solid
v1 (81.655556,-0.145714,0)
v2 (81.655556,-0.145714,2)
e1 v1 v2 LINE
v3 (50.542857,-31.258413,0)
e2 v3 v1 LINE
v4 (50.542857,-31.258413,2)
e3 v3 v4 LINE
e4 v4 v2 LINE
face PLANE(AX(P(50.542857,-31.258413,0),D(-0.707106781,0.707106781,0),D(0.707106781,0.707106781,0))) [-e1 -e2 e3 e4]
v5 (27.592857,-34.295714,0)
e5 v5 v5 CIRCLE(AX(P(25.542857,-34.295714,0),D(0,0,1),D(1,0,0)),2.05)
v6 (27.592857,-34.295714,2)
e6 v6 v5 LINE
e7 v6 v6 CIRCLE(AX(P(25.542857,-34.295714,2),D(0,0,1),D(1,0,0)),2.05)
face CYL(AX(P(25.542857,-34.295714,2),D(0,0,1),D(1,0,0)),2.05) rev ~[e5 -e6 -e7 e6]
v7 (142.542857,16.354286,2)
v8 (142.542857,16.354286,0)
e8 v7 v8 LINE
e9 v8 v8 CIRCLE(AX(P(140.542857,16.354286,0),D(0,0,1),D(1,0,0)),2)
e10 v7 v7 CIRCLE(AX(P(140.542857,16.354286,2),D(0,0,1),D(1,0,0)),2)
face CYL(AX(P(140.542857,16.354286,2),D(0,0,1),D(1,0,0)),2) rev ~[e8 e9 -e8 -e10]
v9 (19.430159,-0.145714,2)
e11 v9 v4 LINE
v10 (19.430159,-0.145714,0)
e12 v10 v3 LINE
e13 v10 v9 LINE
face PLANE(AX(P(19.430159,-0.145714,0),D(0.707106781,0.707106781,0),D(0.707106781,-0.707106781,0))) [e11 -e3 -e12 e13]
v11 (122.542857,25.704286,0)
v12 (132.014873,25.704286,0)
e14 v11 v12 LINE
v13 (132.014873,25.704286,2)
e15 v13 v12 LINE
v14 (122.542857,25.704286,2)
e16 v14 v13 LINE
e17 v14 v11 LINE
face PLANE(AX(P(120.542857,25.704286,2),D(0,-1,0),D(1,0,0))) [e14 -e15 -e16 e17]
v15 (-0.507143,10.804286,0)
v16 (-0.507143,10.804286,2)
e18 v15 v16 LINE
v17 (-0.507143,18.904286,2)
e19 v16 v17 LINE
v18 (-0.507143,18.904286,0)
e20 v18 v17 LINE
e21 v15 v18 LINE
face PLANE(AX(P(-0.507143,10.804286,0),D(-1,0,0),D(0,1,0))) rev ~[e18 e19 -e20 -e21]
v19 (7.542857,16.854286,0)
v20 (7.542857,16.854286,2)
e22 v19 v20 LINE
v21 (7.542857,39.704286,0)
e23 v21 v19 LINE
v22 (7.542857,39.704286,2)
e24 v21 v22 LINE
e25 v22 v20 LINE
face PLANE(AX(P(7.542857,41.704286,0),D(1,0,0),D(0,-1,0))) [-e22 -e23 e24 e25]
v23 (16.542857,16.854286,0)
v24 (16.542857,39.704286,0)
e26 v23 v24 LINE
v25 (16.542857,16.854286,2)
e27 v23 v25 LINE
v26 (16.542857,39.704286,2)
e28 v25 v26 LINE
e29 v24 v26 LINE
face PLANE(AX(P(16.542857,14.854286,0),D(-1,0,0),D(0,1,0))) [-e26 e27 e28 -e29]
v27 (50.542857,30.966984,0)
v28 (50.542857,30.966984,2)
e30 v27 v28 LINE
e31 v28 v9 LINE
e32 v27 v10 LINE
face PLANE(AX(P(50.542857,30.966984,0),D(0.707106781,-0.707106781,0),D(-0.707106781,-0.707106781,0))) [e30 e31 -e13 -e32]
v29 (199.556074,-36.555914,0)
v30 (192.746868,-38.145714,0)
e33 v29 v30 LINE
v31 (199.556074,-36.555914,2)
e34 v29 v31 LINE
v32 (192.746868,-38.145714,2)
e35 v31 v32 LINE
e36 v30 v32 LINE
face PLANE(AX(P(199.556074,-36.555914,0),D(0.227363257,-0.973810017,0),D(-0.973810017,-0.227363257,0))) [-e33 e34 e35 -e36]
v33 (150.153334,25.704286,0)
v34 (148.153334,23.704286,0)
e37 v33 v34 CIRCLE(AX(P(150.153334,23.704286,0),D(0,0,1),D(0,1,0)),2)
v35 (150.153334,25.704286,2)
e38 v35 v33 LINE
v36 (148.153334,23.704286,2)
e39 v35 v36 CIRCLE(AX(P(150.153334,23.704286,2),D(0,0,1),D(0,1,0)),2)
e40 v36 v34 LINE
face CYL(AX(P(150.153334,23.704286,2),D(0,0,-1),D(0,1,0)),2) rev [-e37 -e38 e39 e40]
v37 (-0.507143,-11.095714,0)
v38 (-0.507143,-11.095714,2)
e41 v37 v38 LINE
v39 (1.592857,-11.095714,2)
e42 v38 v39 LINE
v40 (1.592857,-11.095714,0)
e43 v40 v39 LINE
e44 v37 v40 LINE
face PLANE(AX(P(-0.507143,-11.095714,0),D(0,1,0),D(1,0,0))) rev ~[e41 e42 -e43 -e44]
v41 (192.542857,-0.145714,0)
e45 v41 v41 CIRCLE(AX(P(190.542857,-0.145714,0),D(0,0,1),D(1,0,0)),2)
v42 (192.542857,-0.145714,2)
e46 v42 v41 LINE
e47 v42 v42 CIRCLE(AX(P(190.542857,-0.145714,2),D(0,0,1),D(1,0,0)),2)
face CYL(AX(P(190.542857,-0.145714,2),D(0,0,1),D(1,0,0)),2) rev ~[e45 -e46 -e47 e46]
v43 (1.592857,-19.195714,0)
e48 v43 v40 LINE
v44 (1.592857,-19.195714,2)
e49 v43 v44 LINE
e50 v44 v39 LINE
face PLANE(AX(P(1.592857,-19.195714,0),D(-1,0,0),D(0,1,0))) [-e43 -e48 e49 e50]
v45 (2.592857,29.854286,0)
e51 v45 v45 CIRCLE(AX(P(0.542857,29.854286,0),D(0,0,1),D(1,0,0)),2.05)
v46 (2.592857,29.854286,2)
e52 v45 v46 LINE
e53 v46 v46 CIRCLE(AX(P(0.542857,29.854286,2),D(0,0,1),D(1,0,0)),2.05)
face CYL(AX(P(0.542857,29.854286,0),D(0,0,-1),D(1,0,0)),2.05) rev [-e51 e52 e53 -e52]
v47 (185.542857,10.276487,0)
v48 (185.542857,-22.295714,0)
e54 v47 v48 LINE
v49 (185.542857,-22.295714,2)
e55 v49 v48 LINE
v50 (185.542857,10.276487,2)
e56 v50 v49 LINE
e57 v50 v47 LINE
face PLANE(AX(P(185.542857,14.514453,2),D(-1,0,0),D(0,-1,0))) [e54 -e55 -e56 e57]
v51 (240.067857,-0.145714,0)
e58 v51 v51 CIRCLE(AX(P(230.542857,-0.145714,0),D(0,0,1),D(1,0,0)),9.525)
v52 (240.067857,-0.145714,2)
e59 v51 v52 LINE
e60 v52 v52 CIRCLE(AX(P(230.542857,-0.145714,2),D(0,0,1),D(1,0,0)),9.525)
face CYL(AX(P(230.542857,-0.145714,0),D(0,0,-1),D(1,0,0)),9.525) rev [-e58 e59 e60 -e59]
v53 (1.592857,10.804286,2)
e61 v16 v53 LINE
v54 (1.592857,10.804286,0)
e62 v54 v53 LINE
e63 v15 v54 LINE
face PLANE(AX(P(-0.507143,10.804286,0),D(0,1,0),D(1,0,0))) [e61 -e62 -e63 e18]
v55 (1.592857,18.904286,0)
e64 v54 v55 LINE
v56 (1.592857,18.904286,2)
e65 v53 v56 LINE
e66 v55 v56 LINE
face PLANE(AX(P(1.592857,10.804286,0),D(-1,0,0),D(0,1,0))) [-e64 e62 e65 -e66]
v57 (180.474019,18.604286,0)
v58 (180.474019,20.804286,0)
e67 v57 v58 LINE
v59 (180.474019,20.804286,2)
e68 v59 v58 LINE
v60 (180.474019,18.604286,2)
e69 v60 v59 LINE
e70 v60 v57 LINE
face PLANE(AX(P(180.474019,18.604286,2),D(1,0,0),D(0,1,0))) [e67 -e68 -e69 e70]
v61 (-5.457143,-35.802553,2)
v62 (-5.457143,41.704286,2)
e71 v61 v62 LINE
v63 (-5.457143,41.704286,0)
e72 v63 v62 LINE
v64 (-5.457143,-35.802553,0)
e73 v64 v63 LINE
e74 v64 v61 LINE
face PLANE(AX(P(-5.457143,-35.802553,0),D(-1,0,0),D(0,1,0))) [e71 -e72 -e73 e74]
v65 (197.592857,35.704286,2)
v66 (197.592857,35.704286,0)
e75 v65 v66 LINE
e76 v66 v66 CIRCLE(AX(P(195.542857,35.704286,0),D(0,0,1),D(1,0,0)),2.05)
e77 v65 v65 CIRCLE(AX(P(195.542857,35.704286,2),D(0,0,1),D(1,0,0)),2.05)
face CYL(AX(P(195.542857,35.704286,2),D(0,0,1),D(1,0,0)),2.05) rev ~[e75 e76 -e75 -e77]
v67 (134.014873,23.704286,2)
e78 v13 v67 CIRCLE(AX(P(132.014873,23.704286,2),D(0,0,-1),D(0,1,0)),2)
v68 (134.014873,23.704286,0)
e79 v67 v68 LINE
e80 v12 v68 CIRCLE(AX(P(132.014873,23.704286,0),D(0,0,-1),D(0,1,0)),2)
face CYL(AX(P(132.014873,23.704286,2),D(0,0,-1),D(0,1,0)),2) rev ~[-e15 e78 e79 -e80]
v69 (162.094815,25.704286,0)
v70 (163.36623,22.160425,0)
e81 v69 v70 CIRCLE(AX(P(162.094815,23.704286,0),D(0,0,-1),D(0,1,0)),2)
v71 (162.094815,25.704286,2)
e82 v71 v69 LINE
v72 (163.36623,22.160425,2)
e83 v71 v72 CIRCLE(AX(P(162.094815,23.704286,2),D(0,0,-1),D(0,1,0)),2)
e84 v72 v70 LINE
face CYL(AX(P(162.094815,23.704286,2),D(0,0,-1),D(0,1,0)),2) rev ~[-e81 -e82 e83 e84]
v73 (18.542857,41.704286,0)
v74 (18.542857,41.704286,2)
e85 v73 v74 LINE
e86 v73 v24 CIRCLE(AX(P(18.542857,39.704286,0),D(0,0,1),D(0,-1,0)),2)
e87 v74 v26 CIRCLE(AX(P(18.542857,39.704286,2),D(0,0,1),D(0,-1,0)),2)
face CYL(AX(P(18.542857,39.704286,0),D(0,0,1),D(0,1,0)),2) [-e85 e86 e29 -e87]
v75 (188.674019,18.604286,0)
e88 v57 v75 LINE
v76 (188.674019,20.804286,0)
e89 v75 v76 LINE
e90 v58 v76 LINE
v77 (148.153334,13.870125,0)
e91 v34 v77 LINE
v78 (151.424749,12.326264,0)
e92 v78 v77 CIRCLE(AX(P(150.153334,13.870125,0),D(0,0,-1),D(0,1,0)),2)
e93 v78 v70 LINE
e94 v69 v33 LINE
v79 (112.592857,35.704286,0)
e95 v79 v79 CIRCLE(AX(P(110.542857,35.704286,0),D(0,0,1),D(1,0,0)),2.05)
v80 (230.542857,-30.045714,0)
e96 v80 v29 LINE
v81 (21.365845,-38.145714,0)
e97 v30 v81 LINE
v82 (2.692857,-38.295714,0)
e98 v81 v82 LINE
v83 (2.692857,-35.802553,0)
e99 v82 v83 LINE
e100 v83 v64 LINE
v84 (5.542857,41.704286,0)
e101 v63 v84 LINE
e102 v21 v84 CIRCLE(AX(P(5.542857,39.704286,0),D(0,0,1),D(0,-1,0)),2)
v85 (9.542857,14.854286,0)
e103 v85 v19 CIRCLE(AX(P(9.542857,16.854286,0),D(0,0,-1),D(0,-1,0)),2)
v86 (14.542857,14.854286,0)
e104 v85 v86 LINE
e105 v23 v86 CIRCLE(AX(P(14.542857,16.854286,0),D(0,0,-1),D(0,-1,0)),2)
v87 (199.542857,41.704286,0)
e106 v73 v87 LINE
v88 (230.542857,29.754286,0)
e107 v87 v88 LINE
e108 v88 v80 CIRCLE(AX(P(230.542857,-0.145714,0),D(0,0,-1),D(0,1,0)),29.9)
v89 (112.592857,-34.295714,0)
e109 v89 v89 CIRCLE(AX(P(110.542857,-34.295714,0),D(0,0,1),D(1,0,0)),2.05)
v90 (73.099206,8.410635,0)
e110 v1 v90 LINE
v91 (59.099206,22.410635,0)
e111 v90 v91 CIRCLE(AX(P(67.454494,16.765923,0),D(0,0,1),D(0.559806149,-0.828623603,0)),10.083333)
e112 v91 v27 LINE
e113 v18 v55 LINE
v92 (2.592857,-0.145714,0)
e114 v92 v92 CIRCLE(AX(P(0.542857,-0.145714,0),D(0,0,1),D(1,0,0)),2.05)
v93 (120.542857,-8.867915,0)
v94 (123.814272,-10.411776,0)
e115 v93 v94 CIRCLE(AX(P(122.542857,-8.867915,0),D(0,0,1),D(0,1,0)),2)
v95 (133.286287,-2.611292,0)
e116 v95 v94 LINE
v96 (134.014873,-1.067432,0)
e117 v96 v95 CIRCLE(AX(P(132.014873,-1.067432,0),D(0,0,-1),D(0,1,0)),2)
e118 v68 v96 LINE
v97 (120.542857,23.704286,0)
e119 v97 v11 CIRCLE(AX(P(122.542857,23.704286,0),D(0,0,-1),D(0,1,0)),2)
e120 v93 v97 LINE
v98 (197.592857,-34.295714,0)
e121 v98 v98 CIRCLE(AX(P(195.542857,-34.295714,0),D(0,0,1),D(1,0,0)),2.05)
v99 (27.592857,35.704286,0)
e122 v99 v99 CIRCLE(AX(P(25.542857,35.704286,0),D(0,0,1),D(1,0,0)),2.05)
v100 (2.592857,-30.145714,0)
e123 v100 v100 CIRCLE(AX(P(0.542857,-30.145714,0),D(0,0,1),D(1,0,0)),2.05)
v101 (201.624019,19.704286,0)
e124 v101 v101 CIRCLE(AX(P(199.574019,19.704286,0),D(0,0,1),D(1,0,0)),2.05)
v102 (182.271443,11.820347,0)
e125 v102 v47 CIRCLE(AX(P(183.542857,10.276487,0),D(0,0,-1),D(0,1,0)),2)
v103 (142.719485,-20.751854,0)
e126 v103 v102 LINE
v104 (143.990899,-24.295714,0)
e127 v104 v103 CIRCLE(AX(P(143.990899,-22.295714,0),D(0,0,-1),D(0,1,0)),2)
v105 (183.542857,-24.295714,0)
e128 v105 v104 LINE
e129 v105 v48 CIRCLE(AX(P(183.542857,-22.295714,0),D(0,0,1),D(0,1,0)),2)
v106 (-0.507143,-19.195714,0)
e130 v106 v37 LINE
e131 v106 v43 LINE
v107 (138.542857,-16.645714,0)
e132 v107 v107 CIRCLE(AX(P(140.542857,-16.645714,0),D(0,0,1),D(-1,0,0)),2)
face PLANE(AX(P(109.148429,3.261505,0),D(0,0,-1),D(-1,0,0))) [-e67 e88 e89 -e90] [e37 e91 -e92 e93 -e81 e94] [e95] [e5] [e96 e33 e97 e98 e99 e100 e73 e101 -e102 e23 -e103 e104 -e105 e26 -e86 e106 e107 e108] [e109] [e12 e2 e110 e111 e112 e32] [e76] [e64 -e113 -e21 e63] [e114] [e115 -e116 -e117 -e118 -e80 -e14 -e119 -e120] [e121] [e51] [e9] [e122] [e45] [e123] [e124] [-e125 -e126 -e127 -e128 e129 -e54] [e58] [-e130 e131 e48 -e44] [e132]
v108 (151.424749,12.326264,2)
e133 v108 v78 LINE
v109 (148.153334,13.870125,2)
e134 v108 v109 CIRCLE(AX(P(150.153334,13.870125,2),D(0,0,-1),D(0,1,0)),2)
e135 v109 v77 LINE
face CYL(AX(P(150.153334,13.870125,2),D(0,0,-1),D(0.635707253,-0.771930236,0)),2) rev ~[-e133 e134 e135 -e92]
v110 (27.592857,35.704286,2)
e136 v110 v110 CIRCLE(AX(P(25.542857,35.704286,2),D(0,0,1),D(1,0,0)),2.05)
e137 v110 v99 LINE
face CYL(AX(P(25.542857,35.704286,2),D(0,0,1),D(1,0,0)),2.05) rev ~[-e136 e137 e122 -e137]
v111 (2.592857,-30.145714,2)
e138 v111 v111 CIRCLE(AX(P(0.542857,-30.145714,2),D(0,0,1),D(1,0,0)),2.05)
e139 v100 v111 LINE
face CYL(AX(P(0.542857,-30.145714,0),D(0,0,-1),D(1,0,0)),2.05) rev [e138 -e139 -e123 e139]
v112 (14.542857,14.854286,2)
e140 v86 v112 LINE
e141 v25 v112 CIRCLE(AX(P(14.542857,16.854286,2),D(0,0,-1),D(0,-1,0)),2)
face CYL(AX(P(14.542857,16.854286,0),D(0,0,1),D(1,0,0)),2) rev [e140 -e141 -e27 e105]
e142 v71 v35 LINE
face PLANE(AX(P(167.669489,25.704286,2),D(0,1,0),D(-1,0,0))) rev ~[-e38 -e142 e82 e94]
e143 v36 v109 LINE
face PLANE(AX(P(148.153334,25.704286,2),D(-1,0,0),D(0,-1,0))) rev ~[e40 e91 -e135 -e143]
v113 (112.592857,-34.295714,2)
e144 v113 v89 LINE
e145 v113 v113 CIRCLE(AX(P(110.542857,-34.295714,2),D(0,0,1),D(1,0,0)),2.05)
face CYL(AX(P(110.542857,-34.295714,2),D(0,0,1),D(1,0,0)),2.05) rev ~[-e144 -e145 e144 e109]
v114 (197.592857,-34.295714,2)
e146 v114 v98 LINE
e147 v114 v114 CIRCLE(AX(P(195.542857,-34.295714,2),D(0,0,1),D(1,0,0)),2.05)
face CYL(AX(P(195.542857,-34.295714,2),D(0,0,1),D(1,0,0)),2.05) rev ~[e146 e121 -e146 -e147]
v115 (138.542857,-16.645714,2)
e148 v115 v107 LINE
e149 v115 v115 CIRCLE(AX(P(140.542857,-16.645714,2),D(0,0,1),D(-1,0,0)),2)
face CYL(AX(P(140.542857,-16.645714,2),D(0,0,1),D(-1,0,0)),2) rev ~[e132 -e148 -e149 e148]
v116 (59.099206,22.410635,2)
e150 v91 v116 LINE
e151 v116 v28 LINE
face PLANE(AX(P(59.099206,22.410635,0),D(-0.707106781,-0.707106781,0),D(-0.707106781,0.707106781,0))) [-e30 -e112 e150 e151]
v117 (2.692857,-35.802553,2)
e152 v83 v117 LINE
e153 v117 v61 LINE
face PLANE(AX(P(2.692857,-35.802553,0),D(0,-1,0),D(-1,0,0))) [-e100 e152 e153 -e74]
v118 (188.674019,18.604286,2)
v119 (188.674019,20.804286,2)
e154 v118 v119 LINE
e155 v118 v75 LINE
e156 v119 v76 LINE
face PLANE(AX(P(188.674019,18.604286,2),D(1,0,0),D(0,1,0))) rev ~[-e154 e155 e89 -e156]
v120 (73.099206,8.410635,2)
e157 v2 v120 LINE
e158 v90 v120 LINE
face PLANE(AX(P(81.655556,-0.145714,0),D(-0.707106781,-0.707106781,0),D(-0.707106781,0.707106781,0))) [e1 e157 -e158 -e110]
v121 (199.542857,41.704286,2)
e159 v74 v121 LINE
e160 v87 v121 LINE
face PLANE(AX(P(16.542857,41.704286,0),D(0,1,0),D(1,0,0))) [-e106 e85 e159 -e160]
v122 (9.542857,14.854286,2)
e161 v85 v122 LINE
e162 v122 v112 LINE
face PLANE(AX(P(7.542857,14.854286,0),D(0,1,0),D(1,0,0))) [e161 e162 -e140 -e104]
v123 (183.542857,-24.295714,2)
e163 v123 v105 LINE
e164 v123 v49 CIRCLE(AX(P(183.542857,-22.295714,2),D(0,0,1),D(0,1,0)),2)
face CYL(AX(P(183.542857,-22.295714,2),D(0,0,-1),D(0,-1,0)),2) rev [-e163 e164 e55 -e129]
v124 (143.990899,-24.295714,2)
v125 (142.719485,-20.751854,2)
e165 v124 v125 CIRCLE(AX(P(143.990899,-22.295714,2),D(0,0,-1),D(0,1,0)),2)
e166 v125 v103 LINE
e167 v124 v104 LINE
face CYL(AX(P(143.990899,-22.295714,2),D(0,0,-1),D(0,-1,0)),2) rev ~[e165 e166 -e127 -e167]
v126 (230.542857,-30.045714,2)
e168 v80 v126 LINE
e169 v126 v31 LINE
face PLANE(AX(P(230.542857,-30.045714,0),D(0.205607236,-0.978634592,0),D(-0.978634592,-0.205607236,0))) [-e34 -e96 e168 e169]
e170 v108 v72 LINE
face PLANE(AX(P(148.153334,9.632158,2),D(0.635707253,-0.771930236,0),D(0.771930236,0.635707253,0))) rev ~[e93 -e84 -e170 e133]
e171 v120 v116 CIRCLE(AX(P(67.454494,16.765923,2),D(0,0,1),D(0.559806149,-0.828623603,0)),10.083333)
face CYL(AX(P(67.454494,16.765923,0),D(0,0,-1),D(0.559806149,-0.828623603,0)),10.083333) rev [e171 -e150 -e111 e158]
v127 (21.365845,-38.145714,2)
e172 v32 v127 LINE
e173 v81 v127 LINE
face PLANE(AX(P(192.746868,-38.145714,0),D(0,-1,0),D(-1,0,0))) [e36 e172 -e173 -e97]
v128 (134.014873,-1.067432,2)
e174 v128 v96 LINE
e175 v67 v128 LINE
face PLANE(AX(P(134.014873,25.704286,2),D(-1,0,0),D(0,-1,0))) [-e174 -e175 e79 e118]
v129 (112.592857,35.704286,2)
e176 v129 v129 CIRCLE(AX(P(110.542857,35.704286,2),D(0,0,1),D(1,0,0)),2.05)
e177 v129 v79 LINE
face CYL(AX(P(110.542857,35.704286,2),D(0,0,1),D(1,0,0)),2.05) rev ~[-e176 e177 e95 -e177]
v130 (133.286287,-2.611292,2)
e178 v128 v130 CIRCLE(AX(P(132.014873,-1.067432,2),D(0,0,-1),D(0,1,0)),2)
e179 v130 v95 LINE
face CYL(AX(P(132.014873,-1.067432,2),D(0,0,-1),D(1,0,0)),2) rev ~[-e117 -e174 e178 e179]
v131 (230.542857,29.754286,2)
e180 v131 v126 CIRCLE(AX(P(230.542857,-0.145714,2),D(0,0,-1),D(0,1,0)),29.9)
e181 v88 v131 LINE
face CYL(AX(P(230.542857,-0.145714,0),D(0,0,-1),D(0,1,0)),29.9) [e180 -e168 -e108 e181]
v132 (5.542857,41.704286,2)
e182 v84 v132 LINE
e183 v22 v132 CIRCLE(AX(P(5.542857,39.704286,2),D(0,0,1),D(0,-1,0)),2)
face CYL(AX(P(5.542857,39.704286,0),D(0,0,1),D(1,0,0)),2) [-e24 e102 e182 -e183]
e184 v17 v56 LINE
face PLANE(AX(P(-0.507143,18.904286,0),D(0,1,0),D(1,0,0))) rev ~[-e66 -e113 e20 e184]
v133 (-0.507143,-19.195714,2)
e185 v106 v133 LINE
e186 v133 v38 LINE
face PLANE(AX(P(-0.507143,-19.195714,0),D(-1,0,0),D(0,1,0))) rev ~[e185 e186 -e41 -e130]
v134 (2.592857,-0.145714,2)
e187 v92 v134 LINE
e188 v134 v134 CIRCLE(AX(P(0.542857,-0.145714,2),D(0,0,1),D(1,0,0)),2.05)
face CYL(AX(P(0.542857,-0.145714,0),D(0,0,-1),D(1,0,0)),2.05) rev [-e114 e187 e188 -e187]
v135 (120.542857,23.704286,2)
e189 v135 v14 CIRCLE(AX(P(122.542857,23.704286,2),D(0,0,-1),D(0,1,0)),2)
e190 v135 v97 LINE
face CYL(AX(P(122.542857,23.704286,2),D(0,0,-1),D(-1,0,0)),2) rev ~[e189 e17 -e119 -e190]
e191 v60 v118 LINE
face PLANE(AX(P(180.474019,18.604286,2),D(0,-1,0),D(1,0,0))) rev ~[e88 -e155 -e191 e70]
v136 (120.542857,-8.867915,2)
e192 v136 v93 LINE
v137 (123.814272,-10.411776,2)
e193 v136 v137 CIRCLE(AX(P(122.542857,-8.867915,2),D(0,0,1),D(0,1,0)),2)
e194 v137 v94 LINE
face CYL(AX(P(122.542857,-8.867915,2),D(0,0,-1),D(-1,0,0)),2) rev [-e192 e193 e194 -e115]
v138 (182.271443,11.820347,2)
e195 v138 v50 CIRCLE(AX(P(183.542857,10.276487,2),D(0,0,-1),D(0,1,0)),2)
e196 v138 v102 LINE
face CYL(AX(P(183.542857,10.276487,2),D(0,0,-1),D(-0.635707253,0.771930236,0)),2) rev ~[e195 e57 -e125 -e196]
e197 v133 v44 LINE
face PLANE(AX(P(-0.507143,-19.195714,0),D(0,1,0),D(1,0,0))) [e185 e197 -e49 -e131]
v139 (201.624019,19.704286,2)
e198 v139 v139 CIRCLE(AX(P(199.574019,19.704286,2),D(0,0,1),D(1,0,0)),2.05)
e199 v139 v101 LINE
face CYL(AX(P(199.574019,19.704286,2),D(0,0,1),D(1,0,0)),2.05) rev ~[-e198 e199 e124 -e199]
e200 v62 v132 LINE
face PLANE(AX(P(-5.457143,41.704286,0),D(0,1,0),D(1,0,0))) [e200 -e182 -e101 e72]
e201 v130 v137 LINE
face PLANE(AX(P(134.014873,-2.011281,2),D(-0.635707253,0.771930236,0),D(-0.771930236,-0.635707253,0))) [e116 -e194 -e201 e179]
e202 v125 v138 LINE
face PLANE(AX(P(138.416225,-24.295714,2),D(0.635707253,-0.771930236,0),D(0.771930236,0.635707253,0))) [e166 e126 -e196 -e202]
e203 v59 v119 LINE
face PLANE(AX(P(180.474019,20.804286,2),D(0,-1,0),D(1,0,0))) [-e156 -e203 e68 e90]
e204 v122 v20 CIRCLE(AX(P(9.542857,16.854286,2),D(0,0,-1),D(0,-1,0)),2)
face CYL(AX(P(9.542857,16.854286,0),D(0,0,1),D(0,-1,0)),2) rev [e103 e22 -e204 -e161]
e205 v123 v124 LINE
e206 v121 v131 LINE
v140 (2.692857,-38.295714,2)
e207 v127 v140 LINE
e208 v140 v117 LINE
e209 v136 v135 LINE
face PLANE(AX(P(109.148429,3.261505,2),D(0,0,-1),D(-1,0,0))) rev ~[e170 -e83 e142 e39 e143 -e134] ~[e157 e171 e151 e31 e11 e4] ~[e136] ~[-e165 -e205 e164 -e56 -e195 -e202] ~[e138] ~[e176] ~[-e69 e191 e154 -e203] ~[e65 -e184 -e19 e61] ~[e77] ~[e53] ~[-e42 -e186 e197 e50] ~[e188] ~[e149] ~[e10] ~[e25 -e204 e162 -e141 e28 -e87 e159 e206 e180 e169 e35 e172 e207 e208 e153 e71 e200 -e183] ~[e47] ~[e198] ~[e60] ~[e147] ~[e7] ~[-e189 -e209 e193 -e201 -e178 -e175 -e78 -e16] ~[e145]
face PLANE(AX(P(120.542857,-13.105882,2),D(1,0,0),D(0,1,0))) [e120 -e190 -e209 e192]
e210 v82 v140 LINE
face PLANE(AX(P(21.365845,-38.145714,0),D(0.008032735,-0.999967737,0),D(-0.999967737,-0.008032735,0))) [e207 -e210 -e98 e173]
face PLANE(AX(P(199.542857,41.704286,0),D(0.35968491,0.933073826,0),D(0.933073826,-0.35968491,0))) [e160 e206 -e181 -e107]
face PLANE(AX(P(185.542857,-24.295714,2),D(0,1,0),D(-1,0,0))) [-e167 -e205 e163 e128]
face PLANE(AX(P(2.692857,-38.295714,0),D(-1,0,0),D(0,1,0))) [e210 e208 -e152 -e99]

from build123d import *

# Parameters (mm, degrees)
SKETCH_1_R          = 2.05
SKETCH_1_R_2        = 9.525
SKETCH_1_W          = 2.1
SKETCH_1_H          = 8.1
EXTRUDE_1_DEPTH     = 2
FILLET_1_R          = 2
SKETCH_3_R          = 2.05
SKETCH_3_R_2        = 2
SKETCH_3_W          = 8.2
SKETCH_3_H          = 2.2
CUT_EXTRUDE_1_DEPTH = 2
FILLET_2_R          = 2


with BuildPart() as part:
    # 草图1 → 凸台-拉伸1 (new body)
    with BuildSketch(Plane.XY):
        with BuildLine():
            Line((230.542857143, -30.045714286), (199.556073527, -36.55591431))
            Line((199.556073527, -36.55591431), (192.746868021, -38.145714286))
            Line((192.746868021, -38.145714286), (21.365844759, -38.145714286))
            Line((21.365844759, -38.145714286), (2.692857143, -38.295714286))
            Line((2.692857143, -38.295714286), (2.692857143, -35.802553436))
            Line((2.692857143, -35.802553436), (-5.457142857, -35.802553436))
            Line((-5.457142857, -35.802553436), (-5.457142857, 41.704285714))
            Line((-5.457142857, 41.704285714), (7.542857143, 41.704285714))
            Line((7.542857143, 41.704285714), (7.542857143, 14.854285714))
            Line((7.542857143, 14.854285714), (16.542857143, 14.854285714))
            Line((16.542857143, 14.854285714), (16.542857143, 41.704285714))
            Line((16.542857143, 41.704285714), (199.542857143, 41.704285714))
            Line((199.542857143, 41.704285714), (230.542857143, 29.754285714))
            ThreePointArc((230.542857143, 29.754285714), (260.442857143, -0.145714286), (230.542857143, -30.045714286))
        make_face()
        with Locations((0.542857143, 29.854285714)):
            Circle(SKETCH_1_R, mode=Mode.SUBTRACT)
        with Locations((0.542857143, -0.145714286)):
            Circle(SKETCH_1_R, mode=Mode.SUBTRACT)
        with Locations((0.542857143, -30.145714286)):
            Circle(SKETCH_1_R, mode=Mode.SUBTRACT)
        with Locations((230.542857143, -0.145714286)):
            Circle(SKETCH_1_R_2, mode=Mode.SUBTRACT)
        with Locations((0.542857143, 14.854285714)):
            Rectangle(SKETCH_1_W, SKETCH_1_H, mode=Mode.SUBTRACT)
        with BuildLine():
            Line((59.099206329, 22.4106349), (50.542857143, 30.966984086))
            Line((50.542857143, 30.966984086), (19.430158771, -0.145714286))
            Line((19.430158771, -0.145714286), (50.542857143, -31.258412658))
            Line((50.542857143, -31.258412658), (81.655555515, -0.145714286))
            Line((81.655555515, -0.145714286), (73.099206329, 8.4106349))
            ThreePointArc((73.099206329, 8.4106349), (74.584487703, 23.895916275), (59.099206329, 22.4106349))
        make_face(mode=Mode.SUBTRACT)
        with Locations((0.542857143, -15.145714286)):
            Rectangle(SKETCH_1_W, SKETCH_1_H, mode=Mode.SUBTRACT)
    extrude(amount=EXTRUDE_1_DEPTH)

    # 圆角1
    fillet_1_edges = [part.edges().sort_by_distance(p)[0] for p in [
        (7.542857143, 41.704285714, 1),
        (7.542857143, 14.854285714, 1),
        (16.542857143, 14.854285714, 1),
        (16.542857143, 41.704285714, 1),
    ]]
    fillet(fillet_1_edges, radius=FILLET_1_R)

    # 草图3 → 切除-拉伸1 (cut)
    with BuildSketch(Plane.XY.offset(2)):
        with Locations((25.542857143, 35.704285714)):
            Circle(SKETCH_3_R)
        with Locations((110.542857143, 35.704285714)):
            Circle(SKETCH_3_R)
        with Locations((195.542857143, 35.704285714)):
            Circle(SKETCH_3_R)
        with Locations((110.542857143, -34.295714286)):
            Circle(SKETCH_3_R)
        with Locations((195.542857143, -34.295714286)):
            Circle(SKETCH_3_R)
        with Locations((25.542857143, -34.295714286)):
            Circle(SKETCH_3_R)
        with Locations((190.542857143, -0.145714286)):
            Circle(SKETCH_3_R_2)
        with Locations((140.542857143, 16.354285714)):
            Circle(SKETCH_3_R_2)
        with Locations(Location((140.542857143, -16.645714286, 0), (0, 0, 180))):
            Circle(SKETCH_3_R_2)
        with Locations((199.574018739, 19.704285714)):
            Circle(SKETCH_3_R)
        Polygon((148.153334198, 25.704285714), (148.153334198, 9.632158315), (167.669488896, 25.704285714), align=None)
        Polygon((185.542857143, -24.295714286), (138.41622539, -24.295714286), (185.542857143, 14.51445304), align=None)
        Polygon((120.542857143, -13.105881612), (120.542857143, 25.704285714), (134.014872528, 25.704285714), (134.014872528, -2.011280706), align=None)
        with Locations((184.574018739, 19.704285714)):
            Rectangle(SKETCH_3_W, SKETCH_3_H)
    extrude(amount=-CUT_EXTRUDE_1_DEPTH, mode=Mode.SUBTRACT)

    # 圆角2
    fillet_2_edges = [part.edges().sort_by_distance(p)[0] for p in [
        (167.669488896, 25.704285714, 1),
        (148.153334198, 9.632158315, 1),
        (148.153334198, 25.704285714, 1),
        (120.542857143, 25.704285714, 1),
        (134.014872528, 25.704285714, 1),
        (134.014872528, -2.011280706, 1),
        (120.542857143, -13.105881612, 1),
        (185.542857143, 14.51445304, 1),
        (185.542857143, -24.295714286, 1),
        (138.41622539, -24.295714286, 1),
    ]]
    fillet(fillet_2_edges, radius=FILLET_2_R)


solid = part.part
